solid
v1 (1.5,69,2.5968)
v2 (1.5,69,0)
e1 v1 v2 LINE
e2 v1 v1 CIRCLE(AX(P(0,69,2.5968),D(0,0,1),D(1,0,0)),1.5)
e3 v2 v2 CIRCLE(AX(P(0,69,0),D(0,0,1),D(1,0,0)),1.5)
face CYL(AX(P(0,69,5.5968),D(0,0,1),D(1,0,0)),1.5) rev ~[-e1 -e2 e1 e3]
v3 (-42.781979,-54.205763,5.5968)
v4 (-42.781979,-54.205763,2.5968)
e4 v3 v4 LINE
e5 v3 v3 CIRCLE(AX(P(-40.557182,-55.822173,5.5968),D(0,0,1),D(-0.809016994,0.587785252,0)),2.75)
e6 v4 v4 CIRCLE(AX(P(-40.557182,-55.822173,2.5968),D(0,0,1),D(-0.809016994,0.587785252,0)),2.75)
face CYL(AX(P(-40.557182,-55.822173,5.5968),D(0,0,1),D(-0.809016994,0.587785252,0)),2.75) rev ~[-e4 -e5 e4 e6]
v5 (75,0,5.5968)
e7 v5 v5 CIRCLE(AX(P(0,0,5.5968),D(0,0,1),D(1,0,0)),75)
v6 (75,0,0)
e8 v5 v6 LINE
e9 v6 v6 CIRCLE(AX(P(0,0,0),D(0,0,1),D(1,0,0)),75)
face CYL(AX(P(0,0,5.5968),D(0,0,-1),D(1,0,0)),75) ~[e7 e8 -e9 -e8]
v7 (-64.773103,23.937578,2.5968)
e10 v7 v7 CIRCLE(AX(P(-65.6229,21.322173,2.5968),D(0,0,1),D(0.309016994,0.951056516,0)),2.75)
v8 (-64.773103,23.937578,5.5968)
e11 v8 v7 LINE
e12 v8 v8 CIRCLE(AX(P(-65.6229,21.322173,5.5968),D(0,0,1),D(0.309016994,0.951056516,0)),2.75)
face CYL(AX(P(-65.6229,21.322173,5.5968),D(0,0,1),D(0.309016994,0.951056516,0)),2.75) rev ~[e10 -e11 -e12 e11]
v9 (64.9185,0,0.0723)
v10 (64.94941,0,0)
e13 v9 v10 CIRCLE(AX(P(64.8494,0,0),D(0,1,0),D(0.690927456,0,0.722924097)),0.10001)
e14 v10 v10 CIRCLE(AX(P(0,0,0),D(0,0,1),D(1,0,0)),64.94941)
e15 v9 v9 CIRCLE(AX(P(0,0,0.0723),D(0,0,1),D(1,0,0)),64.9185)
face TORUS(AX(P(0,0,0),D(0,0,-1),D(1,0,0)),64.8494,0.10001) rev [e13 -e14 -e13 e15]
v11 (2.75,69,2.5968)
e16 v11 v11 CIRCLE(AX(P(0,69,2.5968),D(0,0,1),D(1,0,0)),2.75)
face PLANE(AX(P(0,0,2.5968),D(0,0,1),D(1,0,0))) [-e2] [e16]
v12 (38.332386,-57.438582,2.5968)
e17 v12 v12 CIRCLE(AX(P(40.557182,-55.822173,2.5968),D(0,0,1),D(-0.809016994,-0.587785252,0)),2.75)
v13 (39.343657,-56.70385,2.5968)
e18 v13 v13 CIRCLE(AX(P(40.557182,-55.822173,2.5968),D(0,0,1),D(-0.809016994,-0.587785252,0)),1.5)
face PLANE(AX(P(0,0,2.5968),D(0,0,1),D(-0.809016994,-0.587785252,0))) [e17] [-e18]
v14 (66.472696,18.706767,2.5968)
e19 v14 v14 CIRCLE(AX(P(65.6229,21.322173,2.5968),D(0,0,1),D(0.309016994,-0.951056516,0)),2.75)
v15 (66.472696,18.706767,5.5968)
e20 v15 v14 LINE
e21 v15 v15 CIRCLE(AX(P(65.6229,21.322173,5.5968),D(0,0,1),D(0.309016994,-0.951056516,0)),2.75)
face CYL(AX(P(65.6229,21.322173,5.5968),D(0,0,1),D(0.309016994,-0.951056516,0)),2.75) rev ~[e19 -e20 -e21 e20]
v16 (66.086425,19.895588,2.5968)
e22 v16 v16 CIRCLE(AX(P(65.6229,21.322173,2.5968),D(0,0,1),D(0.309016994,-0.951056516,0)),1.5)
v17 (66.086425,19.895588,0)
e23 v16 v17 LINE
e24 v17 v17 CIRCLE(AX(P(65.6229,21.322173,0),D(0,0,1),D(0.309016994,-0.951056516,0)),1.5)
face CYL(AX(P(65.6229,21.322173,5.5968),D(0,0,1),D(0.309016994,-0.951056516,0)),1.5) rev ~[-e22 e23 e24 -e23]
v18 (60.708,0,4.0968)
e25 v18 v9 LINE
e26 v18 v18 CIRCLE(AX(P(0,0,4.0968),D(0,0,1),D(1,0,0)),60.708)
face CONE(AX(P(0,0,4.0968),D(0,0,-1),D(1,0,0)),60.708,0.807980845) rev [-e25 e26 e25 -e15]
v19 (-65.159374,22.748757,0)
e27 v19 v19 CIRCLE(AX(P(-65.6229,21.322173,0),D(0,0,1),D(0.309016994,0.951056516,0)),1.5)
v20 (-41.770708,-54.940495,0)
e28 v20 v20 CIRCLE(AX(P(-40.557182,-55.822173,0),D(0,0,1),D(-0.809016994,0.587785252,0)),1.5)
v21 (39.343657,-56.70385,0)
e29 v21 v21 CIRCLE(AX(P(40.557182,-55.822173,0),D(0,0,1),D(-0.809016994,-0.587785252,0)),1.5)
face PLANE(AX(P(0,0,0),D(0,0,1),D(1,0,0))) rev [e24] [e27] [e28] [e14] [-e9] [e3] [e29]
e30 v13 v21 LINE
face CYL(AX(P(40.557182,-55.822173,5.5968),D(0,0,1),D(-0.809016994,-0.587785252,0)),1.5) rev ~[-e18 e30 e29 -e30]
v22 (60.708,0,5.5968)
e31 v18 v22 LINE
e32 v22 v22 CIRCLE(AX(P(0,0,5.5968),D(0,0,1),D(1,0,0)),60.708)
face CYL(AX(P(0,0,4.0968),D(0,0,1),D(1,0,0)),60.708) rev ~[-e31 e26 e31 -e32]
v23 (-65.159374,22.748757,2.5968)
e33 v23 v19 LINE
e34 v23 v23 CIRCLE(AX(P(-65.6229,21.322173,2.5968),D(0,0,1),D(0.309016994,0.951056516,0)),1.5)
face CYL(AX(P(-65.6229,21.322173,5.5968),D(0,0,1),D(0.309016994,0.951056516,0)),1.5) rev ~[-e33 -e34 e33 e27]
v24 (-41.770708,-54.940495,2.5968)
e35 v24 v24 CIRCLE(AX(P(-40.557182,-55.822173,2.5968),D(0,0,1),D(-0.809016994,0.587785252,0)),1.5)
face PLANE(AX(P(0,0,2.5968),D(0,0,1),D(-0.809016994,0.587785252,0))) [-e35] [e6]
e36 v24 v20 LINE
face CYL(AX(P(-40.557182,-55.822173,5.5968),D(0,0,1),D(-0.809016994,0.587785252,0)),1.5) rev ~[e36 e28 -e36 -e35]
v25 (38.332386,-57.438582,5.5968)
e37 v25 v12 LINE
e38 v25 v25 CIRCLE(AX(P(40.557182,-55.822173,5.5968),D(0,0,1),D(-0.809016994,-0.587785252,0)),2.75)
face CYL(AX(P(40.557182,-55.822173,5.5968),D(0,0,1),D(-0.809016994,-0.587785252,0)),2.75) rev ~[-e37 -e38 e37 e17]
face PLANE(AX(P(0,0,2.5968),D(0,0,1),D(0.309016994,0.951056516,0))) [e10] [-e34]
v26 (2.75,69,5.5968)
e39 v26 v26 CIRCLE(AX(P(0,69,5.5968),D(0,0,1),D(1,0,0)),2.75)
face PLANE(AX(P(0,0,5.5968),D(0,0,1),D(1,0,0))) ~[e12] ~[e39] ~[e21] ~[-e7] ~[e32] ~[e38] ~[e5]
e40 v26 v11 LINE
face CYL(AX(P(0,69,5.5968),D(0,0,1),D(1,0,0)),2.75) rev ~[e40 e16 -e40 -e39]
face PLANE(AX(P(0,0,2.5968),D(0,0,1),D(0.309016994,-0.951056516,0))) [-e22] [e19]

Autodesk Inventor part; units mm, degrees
ref_plane "YZ Plane" through (0, 0, 0) normal (1, 0, 0) x (0, 1, 0)
ref_plane "XZ Plane" through (0, 0, 0) normal (0, 1, 0) x (-1, 0, 0)
sketch "Sketch7" plane through (0, 0, 0) normal (0, 1, 0) x (-1, 0, 0)
  line L0 (0, 0) -> (0, 61.9844)
  line L1 (0, 0) -> (-59.2469, 0) construction
  line L2 (0, 61.9844) -> (-59.2469, 0) construction
  line L3 (0, 61.9844) -> (-64.8494, 0) construction
  line L4 (0, 61.9844) -> (-58.9939, -5.5968) construction
  line L5 (0, 0) -> (0, -61.9844)
  line L6 (0, -61.9844) -> (-59.2469, 0) construction
  line L7 (0, -61.9844) -> (-64.8494, 0) construction
  line L8 (0, -61.9844) -> (-58.9939, 5.5968) construction
  line L9 (-58.9939, 5.5968) -> (-64.8494, 0) construction
  line L10 (-54.1083, 0) -> (-62.8579, -8.363) construction
  line L11 (-54.1083, 0) -> (-38.773, -14.6578) construction
  line L12 (0, -94.3812) -> (0, 132.3969) projected
  line L13 (-75, -5.9919) -> (-75, 6.008)
  line L14 (105, 0) -> (-105, 0) projected
  line L15 (-62.0481, 2.6775) -> (-56.4456, -2.6775) construction
  line L16 (-56.4456, 2.6775) -> (-62.0481, -2.6775) construction
  line L17 (-26.151, -15.9303) -> (-40.3783, -15.9303) construction
  line L18 (-40.3783, -15.9303) -> (-40.3783, -12.7539) construction
  line L19 (-40.3783, -12.7539) -> (-26.151, -12.7539) construction
  line L20 (-26.151, -12.7539) -> (-26.151, -15.9303) construction
  point P0 (-75, 0)
  dimension "Roller_Side_difference" = -0.0002
  dimension "d90" = 61.9844
  dimension "d201" = 75
  dimension "d343" = 92.587
  dimension "d344" = 92.588
  dimension "d367" = 8.1
sketch "Sketch1" plane through (0, 0, 0) normal (0, 0, 1) x (1, 0, 0)
  circle A0 centre (0, 0) radius 59.2469 construction
  line L0 (0, 0) -> (59.2469, 0)
  line L1 (0, 0) -> (59.2469, 4.025)
  line L2 (59.2469, 0) -> (59.2469, 4.025)
  circle A1 centre (0, 0) radius 75
  point P0 (56.8, 0)
  dimension "d56" = 59.2469
  dimension "d57" = 4.025
  dimension "d400" = 75
  dimension "d495" = 2.5
  dimension "d496" = 8
  dimension "d531" = 5.5
  dimension "d532" = 5.5
  dimension "d533" = 5.5
  dimension "d537" = 24.5
  dimension "d538" = 3
  dimension "d543" = 5.5
  dimension "d549" = 3
  dimension "d550" = 3
  dimension "d567" = 5.5
  dimension "d568" = 5.5
sketch "Roller1" plane through (0, 0, 0) normal (0, 1, 0) x (-1, 0, 0)
  line L0 (0, 61.9844) -> (-58.9939, -5.5968) construction
  line L1 (0, 61.9844) -> (-64.8494, 0) construction
  line L2 (-54.1083, 0) -> (-38.773, -14.6578) construction
  line L3 (0, -61.9844) -> (-64.8494, 0) construction
  line L4 (-54.0606, 0.0927) -> (-58.9462, -5.5041)
  line L5 (-58.9462, -5.5041) -> (-64.7589, 0.0519)
  line L6 (-64.7589, 0.0519) -> (-59.3884, 5.1851)
  line L7 (-59.3884, 5.1851) -> (-54.0606, 0.0927)
  line L8 (-56.0019, 1.9482) -> (-61.1299, -3.4168)
  line L9 (-61.8526, -2.7261) -> (-56.7246, 2.639)
  point P0 (0, 0)
  dimension "d345" = 0.025
  dimension "d346" = 0.025
  dimension "d347" = 0.1
  dimension "d348" = 0.1
  dimension "d349" = 272.588
  dimension "d350" = 272.587
  dimension "d617" = 0.9997
sketch "Roller2" plane through (0, 0, 0) normal (0, 1, 0) x (-1, 0, 0)
  line L0 (0, -61.9844) -> (-58.9939, 5.5968) construction
  line L1 (-54.1083, 0) -> (-62.8579, -8.363) construction
  line L2 (0, -61.9844) -> (-64.8494, 0) construction
  line L3 (0, 61.9844) -> (-64.8494, 0) construction
  line L4 (-58.9462, 5.5041) -> (-54.1923, 0.0581)
  line L5 (-54.1923, 0.0581) -> (-59.5331, -5.0468)
  line L6 (-59.5331, -5.0468) -> (-64.7589, -0.0519)
  line L7 (-64.7589, -0.0519) -> (-58.9462, 5.5041)
  line L8 (-61.8526, 2.7261) -> (-56.8627, -2.4944)
  line L9 (-61.1297, 3.417) -> (-56.1399, -1.8034)
  point P0 (0, 0)
  dimension "d351" = 0.025
  dimension "d352" = 0.025
  dimension "d354" = 0.1
  dimension "d355" = 92.587
  dimension "d356" = 92.588
  dimension "d370" = 0.1
  dimension "d371" = 1
sketch "Sketch22" plane through (0, 0, 0) normal (0, 1, 0) x (-1, 0, 0)
  line L0 (-31.756, 8.0215) -> (-17.5287, 8.0215) construction
  line L1 (-17.5287, 8.0215) -> (-17.5287, 4.8451) construction
  line L2 (-17.5287, 4.8451) -> (-31.756, 4.8451) construction
  line L3 (-31.756, 4.8451) -> (-31.756, 8.0215) construction
  point P0 (0, 0)
  dimension "Roller_Side_difference" = -0.0002
sketch "Sketch2" plane through (0, 0, 0) normal (0, 1, 0) x (-1, 0, 0)
  line L0 (0, 0) -> (0, 59.2469) construction
  line L1 (0, 0) -> (-59.2469, 0) projected
  line L2 (0, 0) -> (0, -59.2469)
  line L3 (0, -59.2469) -> (-59.2469, 0) construction
  line L4 (0, 59.2469) -> (-59.2469, 0) construction
  line L5 (-50.488, 53.5552) -> (0, 59.2469) construction
  line L6 (-29.7354, 7.189) -> (0, 59.2469) construction
  line L7 (-29.7354, 7.189) -> (0, -59.2469) construction
  line L8 (-48.8381, -26.254) -> (0, -59.2469) construction
  point P0 (-40.4258, 18.8211)
sketch "Sketch23" plane through (0, 0, 0) normal (0, 1, 0) x (-1, 0, 0)
  line L0 (0, -61.9844) -> (-58.9939, 5.5968) construction
  line L1 (0, -61.9844) -> (-64.8494, 0) construction
  line L2 (0, 61.9844) -> (-58.9939, -5.5968) construction
  line L3 (-58.9939, 5.5968) -> (-64.8494, 0) construction
  line L4 (0, 61.9844) -> (-64.8494, 0) construction
  line L5 (-58.9939, 5.5968) -> (-58.9939, -5.5968) construction
  line L6 (105, 0) -> (-105, 0) projected
  line L7 (-57.5518, 4.0968) -> (-54.033, 0.0658)
  line L8 (-54.033, -0.0658) -> (-57.5518, -4.0968)
  line L9 (-60.708, 4.0968) -> (-64.9185, 0.0723)
  line L10 (-64.9185, -0.0723) -> (-60.708, -4.0968)
  arc A0 (-64.9185, 0.0723) -> (-64.9185, -0.0723) centre (-64.8494, 0) ccw
  arc A1 (-54.033, -0.0658) -> (-54.033, 0.0658) centre (-54.1083, 0) ccw
  line L11 (-57.5518, 4.0968) -> (-57.5518, 5.5968)
  line L12 (-57.5518, 5.5968) -> (-50, 5.5968)
  line L13 (-50, 5.5968) -> (-50, -5.5968)
  line L14 (-50, -5.5968) -> (-57.5518, -5.5968)
  line L15 (-57.5518, -5.5968) -> (-57.5518, -4.0968)
  line L16 (-60.708, 4.0968) -> (-60.708, 5.5968)
  line L17 (-60.708, 5.5968) -> (-75, 5.5968)
  line L18 (-75, 5.5968) -> (-75, -5.5968)
  line L19 (-60.708, -4.0968) -> (-60.708, -5.5968)
  line L20 (-60.708, -5.5968) -> (-75, -5.5968)
  line L21 (-58.9939, 5.5968) -> (-58.9939, 5.5968)
  line L22 (-58.9939, -5.5968) -> (-58.9939, -5.5968)
  line L23 (0, -94.3812) -> (0, 132.3969) projected
  line L24 (-64.9941, 0) -> (-75, 0)
  point P0 (0, 0)
  point P1 (-53.9756, 0)
  point P2 (-64.9494, 0)
  point P3 (-75, 0)
  dimension "d378" = 90
  dimension "d379" = 0.1
  dimension "d380" = 0.1
  dimension "d381" = 0.1
  dimension "d382" = 0.1
  dimension "d383" = 0.1
  dimension "d384" = 11.1935
  dimension "d385" = 0
  dimension "d386" = 0
  dimension "d391" = 50
  dimension "d392" = 75
  dimension "d393" = 1.5
  dimension "d394" = 1.5
  dimension "d395" = 1.5
  dimension "d396" = 1.5
revolve "RevRoller1" [suppressed]
fillet "Fillet1" [suppressed]
sketch "Sketch40" plane through (0, 0, -5.231) normal (0, 0, -1) x (-1, 0, 0)
  circle A0 centre (53.5, 0) radius 2.75 projected
  circle A1 centre (0, 0) radius 53.5 projected
  point P0 (53.4293, 2.7491)
  point P1 (53.4293, -2.7491)
  dimension "d585" = 8
  dimension "d587" = 1.75
  dimension "d589" = 3
  dimension "d592" = 2
  dimension "d593" = 12
  dimension "d594" = 12
  dimension "d611" = 360
pattern_circular "Circular Pattern13" [suppressed]
feature "Move Body7" [suppressed]
revolve "Revolution13" [suppressed]
fillet "Fillet3" [suppressed]
pattern_circular "Circular Pattern14" [suppressed]
feature "Move Body6" [suppressed]
revolve "Revolution14" [suppressed]
revolve "OuterRim_Top2" [suppressed]
revolve "OuterRim_Bottom2" add sketch "Sketch23" angle 360 about axis through (0, 0, -10) along (0, 0, 1) contours L6 L18 L17 L16 L9 A0
ref_plane "Work Plane7" through (0, 0, 100) normal (0, 0, 1) x (1, 0, 0)
sketch "Sketch47" plane through (0, 0, 100) normal (0, 0, 1) x (1, 0, 0)
  circle A0 centre (0, 0) radius 75 construction
  circle A1 centre (0, 0) radius 60.708 construction
  circle A2 centre (0, 0) radius 57.5518 construction
  circle A3 centre (0, 0) radius 50 construction
  circle A4 centre (0, 0) radius 69
  point P0 (0, 69)
  dimension "d620" = 69
sketch "Sketch48" plane through (0, 0, 5.5968) normal (0, 0, 1) x (1, 0, 0)
  circle A0 centre (0, 69) radius 2.75
  circle A1 centre (0, 69) radius 1.5
  circle A2 centre (0, 0) radius 69 construction
  dimension "d621" = 3
  dimension "d622" = 5.5
extrude "Extrusion39" cut sketch "Sketch48" against normal blind 5.5968 contours A1
extrude "Extrusion40" cut sketch "Sketch48" against normal blind 3 contours A0 | A1
pattern_circular "Circular Pattern28" count 5 over 360 about axis through (0, 0, 4.8468) along (0, 0, 1) of "Extrusion39", "Extrusion40"
sketch "Sketch49" plane through (0, 0, -5.5968) normal (0, 0, -1) x (-1, 0, 0)
  circle A0 centre (0, 0) radius 69 construction
  circle A1 centre (0, 69) radius 1.5
  line L0 (2.75, 67.4123) -> (0, 65.8246)
  line L1 (0, 65.8246) -> (-2.75, 67.4123)
  line L2 (-2.75, 67.4123) -> (-2.75, 70.5877)
  line L3 (-2.75, 70.5877) -> (0, 72.1754)
  line L4 (0, 72.1754) -> (2.75, 70.5877)
  line L5 (2.75, 70.5877) -> (2.75, 67.4123)
  dimension "d630" = 5.5
  dimension "d631" = 3
extrude "Extrusion41" [suppressed]
extrude "Extrusion42" [suppressed]
pattern_circular "Circular Pattern29" [suppressed]
equation "\"Roller_Side_difference\" = -0.000942deg"
equation "\"Cycloid_Top_Plate_Fasner_Inner\" = 61.25"
equation "\"Cycloid_Top_Plate_Fasner_Outer\" = 85.75"
equation "\"Roller_Hole_Radius\" = 1"
equation "\"Distance_To_Bearing\" = 85.74529"
equation "\"d514\" = 0.2"
properties part number "BottomOuterBearing_TBS"
